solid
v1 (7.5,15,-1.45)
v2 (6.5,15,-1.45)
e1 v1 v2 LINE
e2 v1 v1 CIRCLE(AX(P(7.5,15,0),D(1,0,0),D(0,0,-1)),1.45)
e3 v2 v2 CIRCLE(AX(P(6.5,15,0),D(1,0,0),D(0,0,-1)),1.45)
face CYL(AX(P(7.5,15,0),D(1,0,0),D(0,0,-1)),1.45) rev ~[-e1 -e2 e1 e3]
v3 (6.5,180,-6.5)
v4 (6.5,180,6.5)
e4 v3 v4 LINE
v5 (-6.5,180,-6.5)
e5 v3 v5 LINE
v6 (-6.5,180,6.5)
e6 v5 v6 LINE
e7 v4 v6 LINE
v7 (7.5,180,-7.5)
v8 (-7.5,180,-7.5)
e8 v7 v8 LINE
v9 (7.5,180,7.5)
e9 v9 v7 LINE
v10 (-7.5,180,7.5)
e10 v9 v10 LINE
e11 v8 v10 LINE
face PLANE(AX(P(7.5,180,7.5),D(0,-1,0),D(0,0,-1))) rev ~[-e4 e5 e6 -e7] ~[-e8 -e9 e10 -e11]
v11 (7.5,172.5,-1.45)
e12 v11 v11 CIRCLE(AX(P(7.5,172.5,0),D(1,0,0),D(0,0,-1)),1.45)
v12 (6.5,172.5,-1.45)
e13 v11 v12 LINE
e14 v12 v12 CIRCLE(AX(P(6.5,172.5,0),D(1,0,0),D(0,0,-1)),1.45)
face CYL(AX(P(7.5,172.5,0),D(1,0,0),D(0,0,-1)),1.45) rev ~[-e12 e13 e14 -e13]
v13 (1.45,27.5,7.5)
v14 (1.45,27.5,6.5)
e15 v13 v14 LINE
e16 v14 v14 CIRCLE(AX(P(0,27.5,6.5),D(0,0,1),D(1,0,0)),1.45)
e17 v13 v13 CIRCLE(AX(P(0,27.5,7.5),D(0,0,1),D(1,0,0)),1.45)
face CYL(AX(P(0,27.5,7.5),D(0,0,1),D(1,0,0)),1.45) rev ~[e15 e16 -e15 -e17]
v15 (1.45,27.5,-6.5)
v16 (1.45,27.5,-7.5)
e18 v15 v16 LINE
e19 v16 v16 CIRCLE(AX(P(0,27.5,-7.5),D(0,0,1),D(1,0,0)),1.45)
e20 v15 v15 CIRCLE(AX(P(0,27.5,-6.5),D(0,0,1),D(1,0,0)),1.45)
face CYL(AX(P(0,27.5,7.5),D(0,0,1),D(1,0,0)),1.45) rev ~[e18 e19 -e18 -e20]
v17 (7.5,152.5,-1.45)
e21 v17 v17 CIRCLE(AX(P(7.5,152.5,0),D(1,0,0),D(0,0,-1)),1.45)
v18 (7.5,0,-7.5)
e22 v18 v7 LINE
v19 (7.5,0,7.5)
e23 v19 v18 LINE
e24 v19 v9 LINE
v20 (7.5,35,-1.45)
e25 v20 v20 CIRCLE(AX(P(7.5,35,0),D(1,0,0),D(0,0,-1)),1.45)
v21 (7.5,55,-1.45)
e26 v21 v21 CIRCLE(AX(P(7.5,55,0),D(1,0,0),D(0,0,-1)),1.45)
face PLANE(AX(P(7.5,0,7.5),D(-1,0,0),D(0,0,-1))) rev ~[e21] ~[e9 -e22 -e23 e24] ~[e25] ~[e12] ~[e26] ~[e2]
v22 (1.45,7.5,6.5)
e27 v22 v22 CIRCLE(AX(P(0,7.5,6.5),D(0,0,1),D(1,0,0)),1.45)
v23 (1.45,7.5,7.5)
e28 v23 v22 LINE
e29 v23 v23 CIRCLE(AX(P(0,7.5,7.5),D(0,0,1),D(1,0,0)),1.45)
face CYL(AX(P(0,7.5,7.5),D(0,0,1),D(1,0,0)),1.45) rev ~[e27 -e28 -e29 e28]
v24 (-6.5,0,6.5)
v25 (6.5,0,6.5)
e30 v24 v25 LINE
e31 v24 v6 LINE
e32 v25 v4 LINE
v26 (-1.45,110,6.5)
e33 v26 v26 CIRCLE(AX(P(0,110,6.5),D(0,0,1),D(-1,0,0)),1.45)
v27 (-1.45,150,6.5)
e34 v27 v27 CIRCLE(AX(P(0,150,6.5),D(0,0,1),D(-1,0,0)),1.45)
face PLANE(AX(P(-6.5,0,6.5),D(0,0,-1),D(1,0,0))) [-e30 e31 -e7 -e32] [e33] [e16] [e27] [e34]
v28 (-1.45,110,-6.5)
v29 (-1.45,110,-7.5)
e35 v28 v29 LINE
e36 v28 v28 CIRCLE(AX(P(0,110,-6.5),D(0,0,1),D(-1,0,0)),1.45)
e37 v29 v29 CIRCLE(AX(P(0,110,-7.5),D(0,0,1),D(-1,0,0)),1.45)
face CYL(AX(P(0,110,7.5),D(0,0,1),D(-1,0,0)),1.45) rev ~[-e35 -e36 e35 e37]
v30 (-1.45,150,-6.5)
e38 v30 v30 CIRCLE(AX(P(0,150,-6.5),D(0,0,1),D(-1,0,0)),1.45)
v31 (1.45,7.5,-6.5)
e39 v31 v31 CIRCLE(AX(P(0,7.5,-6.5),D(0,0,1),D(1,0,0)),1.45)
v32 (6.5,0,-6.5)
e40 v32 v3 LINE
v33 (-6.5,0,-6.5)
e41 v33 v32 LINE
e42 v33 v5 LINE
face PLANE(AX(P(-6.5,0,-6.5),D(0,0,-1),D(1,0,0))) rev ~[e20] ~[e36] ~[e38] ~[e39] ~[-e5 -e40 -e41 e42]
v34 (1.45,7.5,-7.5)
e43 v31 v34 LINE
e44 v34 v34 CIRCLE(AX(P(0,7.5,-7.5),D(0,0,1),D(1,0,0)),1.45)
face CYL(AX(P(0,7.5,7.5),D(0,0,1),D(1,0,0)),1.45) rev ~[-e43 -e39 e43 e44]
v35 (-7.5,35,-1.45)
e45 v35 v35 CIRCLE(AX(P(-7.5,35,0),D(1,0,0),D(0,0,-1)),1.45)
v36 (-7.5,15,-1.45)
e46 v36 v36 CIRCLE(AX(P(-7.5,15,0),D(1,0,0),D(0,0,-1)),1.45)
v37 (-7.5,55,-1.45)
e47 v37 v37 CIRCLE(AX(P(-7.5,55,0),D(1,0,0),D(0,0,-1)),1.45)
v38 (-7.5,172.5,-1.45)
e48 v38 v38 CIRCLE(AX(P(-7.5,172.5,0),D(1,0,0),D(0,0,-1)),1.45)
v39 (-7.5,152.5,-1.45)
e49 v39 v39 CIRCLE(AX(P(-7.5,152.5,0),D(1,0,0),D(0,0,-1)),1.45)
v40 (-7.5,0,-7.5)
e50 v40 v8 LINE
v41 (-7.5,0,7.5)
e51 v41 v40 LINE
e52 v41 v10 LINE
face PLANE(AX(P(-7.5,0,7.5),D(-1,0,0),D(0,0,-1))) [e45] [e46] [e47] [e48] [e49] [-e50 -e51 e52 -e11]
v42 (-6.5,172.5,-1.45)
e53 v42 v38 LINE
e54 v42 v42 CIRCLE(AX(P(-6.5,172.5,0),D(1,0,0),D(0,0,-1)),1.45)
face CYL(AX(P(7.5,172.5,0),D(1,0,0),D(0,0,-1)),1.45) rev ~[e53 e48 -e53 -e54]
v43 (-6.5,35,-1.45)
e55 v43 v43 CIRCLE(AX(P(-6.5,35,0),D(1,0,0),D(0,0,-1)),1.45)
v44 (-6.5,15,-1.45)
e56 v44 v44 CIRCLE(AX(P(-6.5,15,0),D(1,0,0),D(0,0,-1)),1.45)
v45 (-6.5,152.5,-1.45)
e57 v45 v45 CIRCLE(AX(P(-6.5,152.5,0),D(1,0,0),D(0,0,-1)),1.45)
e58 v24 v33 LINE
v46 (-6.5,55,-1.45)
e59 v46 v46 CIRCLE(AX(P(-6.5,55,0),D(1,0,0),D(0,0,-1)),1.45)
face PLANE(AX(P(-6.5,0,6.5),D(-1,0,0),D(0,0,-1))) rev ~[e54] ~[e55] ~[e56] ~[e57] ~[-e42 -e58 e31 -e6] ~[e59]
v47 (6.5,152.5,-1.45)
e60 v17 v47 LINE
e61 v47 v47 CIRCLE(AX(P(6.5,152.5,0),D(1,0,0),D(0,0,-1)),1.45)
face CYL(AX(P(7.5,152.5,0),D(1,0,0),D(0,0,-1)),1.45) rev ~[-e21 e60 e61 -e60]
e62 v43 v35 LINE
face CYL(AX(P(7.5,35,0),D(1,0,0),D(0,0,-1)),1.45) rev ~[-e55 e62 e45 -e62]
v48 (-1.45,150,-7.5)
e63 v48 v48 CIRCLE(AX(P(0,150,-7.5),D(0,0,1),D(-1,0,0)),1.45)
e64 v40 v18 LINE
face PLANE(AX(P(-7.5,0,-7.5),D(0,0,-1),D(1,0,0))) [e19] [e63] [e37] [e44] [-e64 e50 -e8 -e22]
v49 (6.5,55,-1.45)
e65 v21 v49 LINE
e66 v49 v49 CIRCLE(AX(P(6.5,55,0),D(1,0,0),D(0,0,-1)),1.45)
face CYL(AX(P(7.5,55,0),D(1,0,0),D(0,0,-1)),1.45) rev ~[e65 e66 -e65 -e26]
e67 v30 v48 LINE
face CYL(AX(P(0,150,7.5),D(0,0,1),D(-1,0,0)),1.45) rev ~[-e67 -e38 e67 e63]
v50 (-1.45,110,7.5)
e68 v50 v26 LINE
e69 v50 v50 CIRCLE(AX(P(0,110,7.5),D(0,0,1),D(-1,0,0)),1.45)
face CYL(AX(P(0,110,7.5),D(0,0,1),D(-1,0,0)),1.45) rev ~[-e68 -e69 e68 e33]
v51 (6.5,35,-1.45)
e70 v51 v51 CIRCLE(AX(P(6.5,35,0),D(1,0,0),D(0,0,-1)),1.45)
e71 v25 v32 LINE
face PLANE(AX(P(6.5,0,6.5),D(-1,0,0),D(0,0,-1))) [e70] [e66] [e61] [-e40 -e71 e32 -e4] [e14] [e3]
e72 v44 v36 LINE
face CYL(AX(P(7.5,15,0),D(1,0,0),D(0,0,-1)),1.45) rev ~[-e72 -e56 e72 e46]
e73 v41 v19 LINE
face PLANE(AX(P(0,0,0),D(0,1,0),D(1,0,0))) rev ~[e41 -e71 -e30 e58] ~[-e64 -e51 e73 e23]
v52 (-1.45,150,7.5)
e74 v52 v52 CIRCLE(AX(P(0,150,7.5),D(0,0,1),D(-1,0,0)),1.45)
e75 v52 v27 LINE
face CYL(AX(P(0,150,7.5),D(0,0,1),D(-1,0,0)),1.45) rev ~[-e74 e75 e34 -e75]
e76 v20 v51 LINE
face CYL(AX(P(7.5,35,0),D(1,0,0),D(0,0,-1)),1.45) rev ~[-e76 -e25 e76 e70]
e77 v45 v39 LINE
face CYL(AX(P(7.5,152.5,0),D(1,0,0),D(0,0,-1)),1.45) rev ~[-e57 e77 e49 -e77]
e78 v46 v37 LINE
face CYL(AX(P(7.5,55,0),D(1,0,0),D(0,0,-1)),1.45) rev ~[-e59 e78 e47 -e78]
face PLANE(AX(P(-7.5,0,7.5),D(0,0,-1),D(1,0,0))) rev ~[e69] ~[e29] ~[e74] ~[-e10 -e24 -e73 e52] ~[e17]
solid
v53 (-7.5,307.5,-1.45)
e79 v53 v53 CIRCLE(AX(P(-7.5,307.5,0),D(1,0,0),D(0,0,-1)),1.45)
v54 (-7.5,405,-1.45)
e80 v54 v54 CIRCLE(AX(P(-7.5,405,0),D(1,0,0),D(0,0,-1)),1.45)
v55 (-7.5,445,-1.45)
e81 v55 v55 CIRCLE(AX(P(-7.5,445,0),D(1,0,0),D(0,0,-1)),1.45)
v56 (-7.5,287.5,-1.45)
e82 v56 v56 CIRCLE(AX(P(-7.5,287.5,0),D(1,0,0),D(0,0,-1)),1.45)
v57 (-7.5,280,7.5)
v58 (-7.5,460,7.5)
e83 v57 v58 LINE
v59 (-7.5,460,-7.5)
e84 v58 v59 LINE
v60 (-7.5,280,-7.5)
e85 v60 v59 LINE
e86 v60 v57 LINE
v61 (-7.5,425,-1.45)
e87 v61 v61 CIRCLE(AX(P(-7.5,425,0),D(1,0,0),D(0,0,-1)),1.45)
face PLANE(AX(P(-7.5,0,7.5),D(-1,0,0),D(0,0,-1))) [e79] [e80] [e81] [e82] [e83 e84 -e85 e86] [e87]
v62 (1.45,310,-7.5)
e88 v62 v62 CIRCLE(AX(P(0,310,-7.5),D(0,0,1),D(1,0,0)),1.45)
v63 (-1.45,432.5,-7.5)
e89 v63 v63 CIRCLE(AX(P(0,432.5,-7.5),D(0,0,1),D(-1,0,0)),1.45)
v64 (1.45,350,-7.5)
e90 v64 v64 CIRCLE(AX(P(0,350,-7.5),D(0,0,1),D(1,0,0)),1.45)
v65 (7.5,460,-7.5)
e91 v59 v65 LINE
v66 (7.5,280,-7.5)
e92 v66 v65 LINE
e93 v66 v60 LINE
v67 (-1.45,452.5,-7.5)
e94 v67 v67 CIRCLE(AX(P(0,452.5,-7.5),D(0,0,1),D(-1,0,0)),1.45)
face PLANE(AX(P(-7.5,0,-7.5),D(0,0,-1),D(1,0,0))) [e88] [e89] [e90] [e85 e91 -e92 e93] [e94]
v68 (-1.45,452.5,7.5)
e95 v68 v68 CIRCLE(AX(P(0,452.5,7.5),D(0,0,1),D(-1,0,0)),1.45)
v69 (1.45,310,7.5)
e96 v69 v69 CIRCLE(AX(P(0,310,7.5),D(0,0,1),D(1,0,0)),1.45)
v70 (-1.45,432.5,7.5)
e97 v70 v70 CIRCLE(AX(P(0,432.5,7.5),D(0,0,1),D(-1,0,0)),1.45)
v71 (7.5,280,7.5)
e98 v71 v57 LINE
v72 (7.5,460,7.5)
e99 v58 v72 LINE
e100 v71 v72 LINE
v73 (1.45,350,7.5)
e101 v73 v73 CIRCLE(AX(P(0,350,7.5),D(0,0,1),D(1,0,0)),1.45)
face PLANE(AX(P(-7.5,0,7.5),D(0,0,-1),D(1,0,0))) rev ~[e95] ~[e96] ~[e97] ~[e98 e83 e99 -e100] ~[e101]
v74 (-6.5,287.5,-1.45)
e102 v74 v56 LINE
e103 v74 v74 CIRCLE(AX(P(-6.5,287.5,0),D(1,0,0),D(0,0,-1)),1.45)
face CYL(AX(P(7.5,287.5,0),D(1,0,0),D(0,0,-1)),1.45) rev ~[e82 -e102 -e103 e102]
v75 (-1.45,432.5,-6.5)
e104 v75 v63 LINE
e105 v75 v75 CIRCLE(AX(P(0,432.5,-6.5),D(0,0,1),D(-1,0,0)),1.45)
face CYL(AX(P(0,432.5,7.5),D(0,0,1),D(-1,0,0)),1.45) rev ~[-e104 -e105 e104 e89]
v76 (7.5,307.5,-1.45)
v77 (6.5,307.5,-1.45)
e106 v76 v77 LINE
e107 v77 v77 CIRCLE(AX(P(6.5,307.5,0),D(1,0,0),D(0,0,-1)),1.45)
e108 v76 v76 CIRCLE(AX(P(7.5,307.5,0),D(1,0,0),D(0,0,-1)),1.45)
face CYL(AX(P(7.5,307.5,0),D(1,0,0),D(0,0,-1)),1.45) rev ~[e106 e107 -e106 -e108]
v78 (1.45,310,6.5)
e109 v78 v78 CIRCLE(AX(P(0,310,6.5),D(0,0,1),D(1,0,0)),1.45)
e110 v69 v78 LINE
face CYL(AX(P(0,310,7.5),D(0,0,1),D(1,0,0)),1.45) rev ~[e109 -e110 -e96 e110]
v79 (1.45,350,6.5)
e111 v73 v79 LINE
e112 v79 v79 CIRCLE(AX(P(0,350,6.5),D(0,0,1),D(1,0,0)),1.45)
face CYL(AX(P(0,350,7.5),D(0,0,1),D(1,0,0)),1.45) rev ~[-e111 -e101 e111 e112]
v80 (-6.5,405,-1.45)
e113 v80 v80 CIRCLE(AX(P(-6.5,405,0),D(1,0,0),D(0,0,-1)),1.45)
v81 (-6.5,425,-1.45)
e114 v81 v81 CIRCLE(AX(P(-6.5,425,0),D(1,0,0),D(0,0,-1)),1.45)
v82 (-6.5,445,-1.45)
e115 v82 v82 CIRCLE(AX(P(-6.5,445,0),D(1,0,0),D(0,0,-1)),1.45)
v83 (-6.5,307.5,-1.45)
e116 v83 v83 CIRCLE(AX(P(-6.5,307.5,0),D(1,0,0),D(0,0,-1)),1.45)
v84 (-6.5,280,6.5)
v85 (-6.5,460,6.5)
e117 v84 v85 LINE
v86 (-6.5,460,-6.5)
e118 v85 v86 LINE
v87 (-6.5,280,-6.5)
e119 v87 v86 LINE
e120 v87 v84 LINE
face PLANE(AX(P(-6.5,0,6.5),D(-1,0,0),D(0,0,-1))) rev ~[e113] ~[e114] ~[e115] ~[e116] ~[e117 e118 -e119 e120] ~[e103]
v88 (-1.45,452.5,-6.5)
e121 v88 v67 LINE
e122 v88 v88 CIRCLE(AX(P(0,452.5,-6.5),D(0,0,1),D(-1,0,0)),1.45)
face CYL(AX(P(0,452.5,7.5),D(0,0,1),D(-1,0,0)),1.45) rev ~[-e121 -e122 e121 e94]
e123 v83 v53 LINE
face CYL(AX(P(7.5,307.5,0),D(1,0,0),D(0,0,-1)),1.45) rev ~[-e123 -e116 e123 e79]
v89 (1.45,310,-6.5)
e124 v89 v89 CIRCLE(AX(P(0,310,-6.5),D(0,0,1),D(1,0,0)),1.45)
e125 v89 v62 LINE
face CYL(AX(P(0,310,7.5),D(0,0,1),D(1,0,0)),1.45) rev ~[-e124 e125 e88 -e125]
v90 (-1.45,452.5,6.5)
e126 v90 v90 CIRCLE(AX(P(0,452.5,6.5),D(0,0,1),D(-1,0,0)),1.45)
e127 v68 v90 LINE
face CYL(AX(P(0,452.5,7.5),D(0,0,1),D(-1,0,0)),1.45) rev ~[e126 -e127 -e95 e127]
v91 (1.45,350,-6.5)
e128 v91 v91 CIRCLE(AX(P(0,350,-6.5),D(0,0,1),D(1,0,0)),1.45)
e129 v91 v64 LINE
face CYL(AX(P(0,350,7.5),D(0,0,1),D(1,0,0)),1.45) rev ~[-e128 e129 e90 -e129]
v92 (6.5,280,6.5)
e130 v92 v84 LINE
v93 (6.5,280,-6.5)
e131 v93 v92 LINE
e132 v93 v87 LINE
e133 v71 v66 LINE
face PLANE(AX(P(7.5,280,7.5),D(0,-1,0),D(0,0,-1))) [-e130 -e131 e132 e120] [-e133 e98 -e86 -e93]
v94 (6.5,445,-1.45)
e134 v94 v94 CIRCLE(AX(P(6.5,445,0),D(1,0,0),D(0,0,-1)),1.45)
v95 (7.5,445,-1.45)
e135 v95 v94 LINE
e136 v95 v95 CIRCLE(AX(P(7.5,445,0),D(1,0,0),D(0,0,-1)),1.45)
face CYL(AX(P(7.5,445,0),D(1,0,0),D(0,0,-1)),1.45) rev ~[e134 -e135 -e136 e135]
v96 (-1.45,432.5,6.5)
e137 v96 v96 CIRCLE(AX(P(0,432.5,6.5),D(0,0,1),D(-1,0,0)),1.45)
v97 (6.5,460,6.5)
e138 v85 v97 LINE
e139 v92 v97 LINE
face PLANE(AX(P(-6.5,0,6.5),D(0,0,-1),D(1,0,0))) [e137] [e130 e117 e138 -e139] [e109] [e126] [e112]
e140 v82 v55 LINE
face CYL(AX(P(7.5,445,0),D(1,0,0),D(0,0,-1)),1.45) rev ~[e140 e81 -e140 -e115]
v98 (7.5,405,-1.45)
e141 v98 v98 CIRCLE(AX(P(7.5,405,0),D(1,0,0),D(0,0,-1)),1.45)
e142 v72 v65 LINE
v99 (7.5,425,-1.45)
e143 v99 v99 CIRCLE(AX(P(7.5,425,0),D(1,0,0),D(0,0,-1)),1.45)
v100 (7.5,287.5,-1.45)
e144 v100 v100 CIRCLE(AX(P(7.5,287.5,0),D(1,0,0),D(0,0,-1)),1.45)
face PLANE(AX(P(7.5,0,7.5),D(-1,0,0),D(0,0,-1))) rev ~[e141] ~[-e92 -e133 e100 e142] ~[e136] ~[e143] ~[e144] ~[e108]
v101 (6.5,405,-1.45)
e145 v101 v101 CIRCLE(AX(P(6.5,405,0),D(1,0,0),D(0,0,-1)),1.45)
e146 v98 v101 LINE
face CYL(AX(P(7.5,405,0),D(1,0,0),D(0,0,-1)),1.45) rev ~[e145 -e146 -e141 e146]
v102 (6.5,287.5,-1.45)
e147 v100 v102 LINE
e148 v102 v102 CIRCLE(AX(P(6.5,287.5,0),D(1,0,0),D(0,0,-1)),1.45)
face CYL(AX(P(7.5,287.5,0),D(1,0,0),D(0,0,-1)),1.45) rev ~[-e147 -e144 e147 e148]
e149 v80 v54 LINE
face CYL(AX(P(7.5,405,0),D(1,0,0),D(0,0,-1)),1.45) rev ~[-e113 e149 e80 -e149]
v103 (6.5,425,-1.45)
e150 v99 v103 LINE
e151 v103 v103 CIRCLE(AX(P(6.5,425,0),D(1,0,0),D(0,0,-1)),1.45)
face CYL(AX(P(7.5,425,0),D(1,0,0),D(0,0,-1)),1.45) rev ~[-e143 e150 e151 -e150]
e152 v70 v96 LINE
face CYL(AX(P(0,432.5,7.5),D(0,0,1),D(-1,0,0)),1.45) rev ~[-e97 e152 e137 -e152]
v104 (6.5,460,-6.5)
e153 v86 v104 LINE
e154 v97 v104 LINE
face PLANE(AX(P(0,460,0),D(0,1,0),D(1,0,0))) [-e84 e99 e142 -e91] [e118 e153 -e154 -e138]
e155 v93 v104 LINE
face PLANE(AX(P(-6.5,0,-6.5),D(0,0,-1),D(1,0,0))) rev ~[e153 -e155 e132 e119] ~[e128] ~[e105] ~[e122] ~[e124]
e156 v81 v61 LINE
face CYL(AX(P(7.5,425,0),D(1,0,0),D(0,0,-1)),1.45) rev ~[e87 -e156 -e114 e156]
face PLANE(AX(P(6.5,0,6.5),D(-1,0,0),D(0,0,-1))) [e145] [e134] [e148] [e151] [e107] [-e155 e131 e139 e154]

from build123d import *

# Parameters (mm, degrees)
SKETCH_1_W          = 15
SKETCH_1_H          = 15
SKETCH_1_W_2        = 13
SKETCH_1_H_2        = 13
EXTRUDE_1_DEPTH     = 460
SKETCH_2_R          = 1.45
CUT_EXTRUDE_1_DEPTH = 461.305605006
SKETCH_3_R          = 1.45
CUT_EXTRUDE_2_DEPTH = 461.305605006
SKETCH_4_W          = 15
SKETCH_4_H          = 100
CUT_EXTRUDE_3_DEPTH = 461.305605006


with BuildPart() as part:
    # 草图1 → 拉伸-薄壁1 (new body)
    with BuildSketch(Plane(origin=(0, 0, 0), x_dir=(1, 0, 0), z_dir=(0, 1, 0))):
        Rectangle(SKETCH_1_W, SKETCH_1_H)
        Rectangle(SKETCH_1_W_2, SKETCH_1_H_2, mode=Mode.SUBTRACT)
    extrude(amount=EXTRUDE_1_DEPTH)

    # 草图2 → 切除-拉伸1 (cut, through all)
    with BuildSketch(Plane.XY.offset(7.5)):
        with Locations((0, 7.5)):
            Circle(SKETCH_2_R)
        with Locations((0, 27.5)):
            Circle(SKETCH_2_R)
        with Locations(Location((0, 432.5, 0), (0, 0, 180))):
            Circle(SKETCH_2_R)
        with Locations(Location((0, 452.5, 0), (0, 0, 180))):
            Circle(SKETCH_2_R)
        with Locations((0, 310)):
            Circle(SKETCH_2_R)
        with Locations((0, 350)):
            Circle(SKETCH_2_R)
        with Locations(Location((0, 110, 0), (0, 0, 180))):
            Circle(SKETCH_2_R)
        with Locations(Location((0, 150, 0), (0, 0, 180))):
            Circle(SKETCH_2_R)
    extrude(amount=-CUT_EXTRUDE_1_DEPTH, mode=Mode.SUBTRACT)

    # 草图3 → 切除-拉伸2 (cut, through all)
    with BuildSketch(Plane(origin=(7.5, 0, 0), x_dir=(0, 0, -1), z_dir=(1, 0, 0))):
        with Locations((0, 15)):
            Circle(SKETCH_3_R)
        with Locations((0, 35)):
            Circle(SKETCH_3_R)
        with Locations((0, 425)):
            Circle(SKETCH_3_R)
        with Locations((0, 445)):
            Circle(SKETCH_3_R)
        with Locations((0, 172.5)):
            Circle(SKETCH_3_R)
        with Locations((0, 192.5)):
            Circle(SKETCH_3_R)
        with Locations((0, 152.5)):
            Circle(SKETCH_3_R)
        with Locations((0, 307.5)):
            Circle(SKETCH_3_R)
        with Locations((0, 267.5)):
            Circle(SKETCH_3_R)
        with Locations((0, 287.5)):
            Circle(SKETCH_3_R)
        with Locations((0, 55)):
            Circle(SKETCH_3_R)
        with Locations((0, 405)):
            Circle(SKETCH_3_R)
    extrude(amount=-CUT_EXTRUDE_2_DEPTH, mode=Mode.SUBTRACT)

    # 草图4 → 切除-拉伸3 (cut, through all)
    with BuildSketch(Plane(origin=(7.5, 0, 0), x_dir=(0, 0, -1), z_dir=(1, 0, 0))):
        with Locations((0, 230)):
            Rectangle(SKETCH_4_W, SKETCH_4_H)
    extrude(amount=-CUT_EXTRUDE_3_DEPTH, mode=Mode.SUBTRACT)


with BuildPart() as cut_extrude_3_piece_1:
    # of the separate pieces the step leaves, piece 1, a body of its own (cut_extrude_3_pieces)
    add(part.part.solids().sort_by_distance((7.5, 280, -7.5))[0])


with BuildPart() as cut_extrude_3_piece_2:
    # of the separate pieces the step leaves, piece 2, a body of its own (cut_extrude_3_pieces)
    add(part.part.solids().sort_by_distance((7.5, 0, -7.5))[0])


solid = Compound([cut_extrude_3_piece_1.part, cut_extrude_3_piece_2.part])
